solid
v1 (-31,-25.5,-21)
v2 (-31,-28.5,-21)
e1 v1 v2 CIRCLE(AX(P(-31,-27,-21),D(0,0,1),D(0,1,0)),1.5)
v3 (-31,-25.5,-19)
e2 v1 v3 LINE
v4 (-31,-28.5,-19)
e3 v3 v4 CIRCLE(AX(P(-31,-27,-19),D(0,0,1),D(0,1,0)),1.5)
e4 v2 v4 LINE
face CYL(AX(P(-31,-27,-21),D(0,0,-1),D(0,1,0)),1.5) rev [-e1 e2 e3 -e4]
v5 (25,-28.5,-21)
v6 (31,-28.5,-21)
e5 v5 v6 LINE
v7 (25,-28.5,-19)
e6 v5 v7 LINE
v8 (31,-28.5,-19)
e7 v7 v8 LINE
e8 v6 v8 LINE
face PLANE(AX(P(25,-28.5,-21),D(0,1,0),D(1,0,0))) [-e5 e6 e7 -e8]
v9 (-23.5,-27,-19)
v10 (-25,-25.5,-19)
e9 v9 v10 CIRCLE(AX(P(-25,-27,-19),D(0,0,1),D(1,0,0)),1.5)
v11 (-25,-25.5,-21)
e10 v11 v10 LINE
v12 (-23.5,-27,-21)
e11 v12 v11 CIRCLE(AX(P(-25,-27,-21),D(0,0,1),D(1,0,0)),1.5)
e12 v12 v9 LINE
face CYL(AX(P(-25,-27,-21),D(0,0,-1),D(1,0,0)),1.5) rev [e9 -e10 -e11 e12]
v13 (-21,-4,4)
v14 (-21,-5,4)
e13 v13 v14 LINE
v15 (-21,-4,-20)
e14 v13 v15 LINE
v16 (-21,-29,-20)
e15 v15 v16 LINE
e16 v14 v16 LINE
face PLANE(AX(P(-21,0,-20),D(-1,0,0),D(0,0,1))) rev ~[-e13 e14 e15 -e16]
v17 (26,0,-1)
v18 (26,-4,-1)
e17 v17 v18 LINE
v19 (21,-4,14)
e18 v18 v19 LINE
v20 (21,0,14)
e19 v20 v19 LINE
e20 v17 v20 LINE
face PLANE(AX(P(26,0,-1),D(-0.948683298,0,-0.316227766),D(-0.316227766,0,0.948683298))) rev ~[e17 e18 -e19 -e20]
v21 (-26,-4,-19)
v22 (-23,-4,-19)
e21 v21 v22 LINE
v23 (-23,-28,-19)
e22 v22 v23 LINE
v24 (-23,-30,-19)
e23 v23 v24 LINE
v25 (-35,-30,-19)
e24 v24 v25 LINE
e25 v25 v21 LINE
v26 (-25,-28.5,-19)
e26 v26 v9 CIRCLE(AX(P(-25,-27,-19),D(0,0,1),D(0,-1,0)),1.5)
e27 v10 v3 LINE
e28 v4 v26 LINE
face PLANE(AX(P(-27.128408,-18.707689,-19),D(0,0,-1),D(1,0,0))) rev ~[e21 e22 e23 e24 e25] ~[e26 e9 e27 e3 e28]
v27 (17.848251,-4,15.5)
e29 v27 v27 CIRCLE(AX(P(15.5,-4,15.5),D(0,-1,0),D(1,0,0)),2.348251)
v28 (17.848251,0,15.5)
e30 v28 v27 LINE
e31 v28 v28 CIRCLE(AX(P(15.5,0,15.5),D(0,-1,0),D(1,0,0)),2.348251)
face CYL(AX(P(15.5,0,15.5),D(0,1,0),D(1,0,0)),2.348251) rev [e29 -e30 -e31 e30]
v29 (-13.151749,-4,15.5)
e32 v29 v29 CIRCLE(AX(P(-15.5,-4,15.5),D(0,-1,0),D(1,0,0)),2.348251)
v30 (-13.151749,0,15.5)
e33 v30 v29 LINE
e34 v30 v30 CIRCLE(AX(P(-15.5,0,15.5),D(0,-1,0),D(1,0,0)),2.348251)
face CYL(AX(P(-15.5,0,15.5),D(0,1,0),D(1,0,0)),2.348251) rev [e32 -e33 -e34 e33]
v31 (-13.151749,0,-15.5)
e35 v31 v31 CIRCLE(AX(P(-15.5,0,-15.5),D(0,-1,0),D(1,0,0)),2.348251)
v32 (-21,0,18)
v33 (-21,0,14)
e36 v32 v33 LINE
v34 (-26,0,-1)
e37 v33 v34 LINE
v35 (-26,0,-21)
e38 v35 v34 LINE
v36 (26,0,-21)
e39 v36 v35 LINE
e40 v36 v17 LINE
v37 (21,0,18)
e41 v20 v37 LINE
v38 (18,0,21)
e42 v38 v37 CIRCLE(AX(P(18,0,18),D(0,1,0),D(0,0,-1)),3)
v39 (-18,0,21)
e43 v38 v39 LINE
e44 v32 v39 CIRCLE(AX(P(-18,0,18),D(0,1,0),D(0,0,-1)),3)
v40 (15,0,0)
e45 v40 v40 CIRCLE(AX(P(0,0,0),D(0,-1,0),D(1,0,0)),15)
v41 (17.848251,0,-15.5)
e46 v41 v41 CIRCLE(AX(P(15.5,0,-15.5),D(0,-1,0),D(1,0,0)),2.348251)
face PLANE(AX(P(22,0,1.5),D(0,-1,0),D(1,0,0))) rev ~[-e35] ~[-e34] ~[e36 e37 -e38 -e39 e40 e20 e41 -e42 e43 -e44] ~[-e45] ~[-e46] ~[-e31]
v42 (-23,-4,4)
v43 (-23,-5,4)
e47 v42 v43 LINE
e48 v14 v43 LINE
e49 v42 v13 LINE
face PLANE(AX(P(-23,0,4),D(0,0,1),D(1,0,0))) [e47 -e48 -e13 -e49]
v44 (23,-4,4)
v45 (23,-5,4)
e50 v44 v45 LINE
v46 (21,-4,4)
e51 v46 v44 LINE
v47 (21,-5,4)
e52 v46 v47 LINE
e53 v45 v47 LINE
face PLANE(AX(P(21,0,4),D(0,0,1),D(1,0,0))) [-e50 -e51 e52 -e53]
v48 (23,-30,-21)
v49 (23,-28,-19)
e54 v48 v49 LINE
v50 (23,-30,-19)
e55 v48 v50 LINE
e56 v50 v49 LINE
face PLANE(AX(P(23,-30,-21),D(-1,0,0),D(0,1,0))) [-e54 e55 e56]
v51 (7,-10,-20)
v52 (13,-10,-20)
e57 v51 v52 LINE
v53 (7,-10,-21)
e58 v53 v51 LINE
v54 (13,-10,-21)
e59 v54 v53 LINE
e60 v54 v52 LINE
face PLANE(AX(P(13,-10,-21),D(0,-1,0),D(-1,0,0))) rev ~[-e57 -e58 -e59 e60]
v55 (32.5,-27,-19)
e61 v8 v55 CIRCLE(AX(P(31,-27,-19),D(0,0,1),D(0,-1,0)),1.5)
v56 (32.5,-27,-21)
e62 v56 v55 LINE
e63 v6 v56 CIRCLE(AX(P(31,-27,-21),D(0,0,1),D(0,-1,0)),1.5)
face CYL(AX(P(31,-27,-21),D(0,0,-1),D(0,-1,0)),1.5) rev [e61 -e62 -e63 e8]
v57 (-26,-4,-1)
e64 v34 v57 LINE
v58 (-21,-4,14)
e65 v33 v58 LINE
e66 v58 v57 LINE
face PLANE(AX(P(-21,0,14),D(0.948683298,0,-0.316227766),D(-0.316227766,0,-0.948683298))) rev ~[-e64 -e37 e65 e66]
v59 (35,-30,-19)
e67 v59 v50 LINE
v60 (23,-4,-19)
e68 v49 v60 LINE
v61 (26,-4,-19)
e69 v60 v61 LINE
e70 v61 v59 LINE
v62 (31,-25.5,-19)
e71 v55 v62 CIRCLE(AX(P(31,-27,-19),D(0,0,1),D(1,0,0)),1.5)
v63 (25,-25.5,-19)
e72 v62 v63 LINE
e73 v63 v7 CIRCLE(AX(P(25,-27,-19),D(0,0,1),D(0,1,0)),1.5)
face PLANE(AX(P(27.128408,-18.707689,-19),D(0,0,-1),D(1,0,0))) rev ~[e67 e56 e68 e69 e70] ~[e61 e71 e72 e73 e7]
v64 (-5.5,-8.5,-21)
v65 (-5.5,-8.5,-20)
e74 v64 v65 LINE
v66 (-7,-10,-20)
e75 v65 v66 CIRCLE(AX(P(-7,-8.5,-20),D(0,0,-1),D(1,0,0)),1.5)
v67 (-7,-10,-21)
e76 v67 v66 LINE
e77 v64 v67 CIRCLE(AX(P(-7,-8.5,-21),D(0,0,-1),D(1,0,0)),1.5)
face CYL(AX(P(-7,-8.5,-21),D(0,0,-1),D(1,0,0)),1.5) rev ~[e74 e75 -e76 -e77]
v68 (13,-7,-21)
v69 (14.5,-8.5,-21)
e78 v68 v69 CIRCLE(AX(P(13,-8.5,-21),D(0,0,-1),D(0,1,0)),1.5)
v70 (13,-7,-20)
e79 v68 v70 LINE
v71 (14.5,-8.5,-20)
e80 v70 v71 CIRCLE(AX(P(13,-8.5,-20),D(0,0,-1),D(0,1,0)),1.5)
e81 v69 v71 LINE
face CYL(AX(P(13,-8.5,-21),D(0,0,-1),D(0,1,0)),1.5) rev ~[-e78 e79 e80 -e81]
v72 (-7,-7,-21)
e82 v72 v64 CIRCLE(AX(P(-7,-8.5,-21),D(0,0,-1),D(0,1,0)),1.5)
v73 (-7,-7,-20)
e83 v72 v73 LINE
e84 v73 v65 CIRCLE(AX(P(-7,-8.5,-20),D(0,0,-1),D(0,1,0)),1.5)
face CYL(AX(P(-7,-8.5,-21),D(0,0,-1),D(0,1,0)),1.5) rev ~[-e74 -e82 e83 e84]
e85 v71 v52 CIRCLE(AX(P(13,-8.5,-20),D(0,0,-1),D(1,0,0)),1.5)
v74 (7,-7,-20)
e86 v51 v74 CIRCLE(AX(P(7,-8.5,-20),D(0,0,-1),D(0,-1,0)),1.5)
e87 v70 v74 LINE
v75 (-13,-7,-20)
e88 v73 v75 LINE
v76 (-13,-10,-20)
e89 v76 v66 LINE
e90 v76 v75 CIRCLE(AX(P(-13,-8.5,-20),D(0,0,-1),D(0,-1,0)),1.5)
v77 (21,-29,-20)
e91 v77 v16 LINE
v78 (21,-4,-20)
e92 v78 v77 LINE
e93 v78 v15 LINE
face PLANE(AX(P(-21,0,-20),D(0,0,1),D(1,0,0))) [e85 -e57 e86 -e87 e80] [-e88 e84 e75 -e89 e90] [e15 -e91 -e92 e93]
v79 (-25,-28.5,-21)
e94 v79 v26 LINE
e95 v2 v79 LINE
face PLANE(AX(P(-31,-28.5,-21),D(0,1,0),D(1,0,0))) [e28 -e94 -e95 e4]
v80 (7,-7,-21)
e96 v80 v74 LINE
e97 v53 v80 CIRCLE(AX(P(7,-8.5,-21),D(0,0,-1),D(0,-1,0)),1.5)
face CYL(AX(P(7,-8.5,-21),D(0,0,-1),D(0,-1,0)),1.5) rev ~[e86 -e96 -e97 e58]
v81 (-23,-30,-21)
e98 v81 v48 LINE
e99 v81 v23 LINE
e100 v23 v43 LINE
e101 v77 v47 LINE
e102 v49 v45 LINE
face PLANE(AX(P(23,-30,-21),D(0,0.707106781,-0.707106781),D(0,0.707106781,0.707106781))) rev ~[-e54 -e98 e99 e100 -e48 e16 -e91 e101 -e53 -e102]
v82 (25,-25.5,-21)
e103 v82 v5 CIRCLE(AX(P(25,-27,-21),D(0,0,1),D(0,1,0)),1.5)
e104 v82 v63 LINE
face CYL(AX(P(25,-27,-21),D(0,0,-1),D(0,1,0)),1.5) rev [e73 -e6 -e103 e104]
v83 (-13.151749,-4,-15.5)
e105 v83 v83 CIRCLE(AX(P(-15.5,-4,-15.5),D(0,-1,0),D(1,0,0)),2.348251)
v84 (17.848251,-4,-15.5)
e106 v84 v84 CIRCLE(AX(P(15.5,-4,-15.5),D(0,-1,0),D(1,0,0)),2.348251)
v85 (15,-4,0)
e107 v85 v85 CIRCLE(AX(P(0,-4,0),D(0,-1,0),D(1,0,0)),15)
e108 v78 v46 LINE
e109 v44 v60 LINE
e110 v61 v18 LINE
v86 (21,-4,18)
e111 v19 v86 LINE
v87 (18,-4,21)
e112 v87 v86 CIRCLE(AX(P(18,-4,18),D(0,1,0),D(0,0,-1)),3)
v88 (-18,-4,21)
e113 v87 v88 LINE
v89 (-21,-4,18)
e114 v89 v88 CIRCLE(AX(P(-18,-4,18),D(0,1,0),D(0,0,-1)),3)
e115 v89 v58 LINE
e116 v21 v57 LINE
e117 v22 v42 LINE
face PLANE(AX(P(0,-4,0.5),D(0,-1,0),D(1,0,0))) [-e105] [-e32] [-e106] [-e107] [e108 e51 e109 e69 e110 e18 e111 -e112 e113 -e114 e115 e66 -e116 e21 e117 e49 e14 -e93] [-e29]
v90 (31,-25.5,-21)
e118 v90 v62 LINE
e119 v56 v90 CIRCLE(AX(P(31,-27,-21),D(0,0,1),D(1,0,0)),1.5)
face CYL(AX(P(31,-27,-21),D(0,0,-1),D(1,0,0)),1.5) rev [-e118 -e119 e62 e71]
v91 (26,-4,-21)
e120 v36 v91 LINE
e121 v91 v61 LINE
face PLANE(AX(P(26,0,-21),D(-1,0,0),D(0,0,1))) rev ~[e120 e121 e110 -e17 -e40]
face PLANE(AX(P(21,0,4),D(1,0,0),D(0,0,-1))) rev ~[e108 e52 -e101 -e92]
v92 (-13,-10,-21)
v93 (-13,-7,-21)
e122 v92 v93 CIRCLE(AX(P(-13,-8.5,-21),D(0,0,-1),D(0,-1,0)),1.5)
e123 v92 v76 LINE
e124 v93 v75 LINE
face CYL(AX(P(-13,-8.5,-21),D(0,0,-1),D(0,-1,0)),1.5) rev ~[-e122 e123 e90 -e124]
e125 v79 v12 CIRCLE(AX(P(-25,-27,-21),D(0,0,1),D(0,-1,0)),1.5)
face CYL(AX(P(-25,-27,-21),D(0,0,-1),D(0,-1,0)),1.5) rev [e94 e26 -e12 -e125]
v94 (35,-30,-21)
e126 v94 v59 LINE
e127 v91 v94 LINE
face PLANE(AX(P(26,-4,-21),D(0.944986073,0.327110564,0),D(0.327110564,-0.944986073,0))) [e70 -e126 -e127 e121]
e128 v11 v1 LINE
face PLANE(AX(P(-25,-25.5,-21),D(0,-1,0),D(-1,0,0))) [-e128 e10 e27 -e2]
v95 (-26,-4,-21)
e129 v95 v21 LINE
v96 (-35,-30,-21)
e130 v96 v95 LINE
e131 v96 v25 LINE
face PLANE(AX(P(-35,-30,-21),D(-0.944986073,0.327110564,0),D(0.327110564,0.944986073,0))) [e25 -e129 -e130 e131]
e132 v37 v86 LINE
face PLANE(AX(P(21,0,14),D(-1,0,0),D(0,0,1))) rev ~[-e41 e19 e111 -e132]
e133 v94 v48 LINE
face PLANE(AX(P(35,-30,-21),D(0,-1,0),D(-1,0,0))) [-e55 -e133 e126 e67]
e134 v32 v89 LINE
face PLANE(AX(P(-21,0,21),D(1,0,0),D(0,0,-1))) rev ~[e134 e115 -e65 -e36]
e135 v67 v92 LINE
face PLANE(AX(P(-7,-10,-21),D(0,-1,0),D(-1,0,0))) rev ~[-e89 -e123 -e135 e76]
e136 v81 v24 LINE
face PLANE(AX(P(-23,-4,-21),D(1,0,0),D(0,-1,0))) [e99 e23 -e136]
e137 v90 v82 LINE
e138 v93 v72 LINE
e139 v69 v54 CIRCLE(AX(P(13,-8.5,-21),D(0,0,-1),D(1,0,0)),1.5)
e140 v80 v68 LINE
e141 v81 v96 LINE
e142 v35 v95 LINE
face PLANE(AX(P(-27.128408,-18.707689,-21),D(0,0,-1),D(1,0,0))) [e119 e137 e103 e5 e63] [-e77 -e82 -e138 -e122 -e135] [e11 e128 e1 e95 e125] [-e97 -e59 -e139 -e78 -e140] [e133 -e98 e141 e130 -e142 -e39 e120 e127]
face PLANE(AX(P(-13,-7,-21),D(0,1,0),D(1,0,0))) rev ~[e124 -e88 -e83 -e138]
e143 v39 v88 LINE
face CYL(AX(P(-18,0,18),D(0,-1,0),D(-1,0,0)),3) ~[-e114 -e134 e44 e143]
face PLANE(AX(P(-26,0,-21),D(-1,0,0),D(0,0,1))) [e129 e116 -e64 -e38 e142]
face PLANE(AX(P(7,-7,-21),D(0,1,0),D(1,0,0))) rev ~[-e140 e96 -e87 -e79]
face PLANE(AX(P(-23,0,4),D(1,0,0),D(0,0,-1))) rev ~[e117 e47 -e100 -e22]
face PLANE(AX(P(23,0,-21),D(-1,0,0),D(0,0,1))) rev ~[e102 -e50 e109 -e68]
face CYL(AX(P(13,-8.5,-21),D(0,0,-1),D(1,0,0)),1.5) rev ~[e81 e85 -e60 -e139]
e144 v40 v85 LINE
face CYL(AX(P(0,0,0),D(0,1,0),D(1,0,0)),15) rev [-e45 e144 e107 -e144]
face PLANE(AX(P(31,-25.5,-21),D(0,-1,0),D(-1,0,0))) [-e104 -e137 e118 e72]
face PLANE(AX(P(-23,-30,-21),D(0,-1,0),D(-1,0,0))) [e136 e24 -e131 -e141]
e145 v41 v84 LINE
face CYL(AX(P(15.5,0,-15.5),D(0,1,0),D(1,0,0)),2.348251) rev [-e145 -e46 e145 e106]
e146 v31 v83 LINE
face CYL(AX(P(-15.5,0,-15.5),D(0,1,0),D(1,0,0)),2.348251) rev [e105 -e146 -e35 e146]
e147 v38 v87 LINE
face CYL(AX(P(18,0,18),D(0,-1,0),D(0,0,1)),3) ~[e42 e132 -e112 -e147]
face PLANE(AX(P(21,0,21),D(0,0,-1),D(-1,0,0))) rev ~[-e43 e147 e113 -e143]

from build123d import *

# Parameters (mm, degrees)
F0_R     = 2.348250802
F0_R_2   = 15
F0_W     = 3
F0_H     = 20
F0_W_2   = 42
F0_H_2   = 1
F1_DEPTH = 4
F0_W_3   = 2
F0_H_3   = 5
F2_DEPTH = 30
F4_DEPTH = 49.001
F6_DEPTH = 2
F7_DEPTH = 25
F8_R     = 3


with BuildPart() as f1:
    # F0 (on Front) → F1 (new body)
    with BuildSketch(Plane.XZ):
        Polygon((21, 14), (21, 21), (-21, 21), (-21, 14), (-21, 4), (-21, -1), (-21, -20), (21, -20), (21, -1), (21, 4), align=None)
        with Locations((-15.5, -15.5)):
            Circle(F0_R, mode=Mode.SUBTRACT)
        with Locations((15.5, -15.5)):
            Circle(F0_R, mode=Mode.SUBTRACT)
        with Locations((-15.5, 15.5)):
            Circle(F0_R, mode=Mode.SUBTRACT)
        Circle(F0_R_2, mode=Mode.SUBTRACT)
        with Locations((15.5, 15.5)):
            Circle(F0_R, mode=Mode.SUBTRACT)
        Polygon((26, -1), (21, 14), (21, 4), (23, 4), (23, -1), align=None)
        Polygon((-21, 4), (-21, 14), (-26, -1), (-23, -1), (-23, 4), align=None)
        with Locations((24.5, -11)):
            Rectangle(F0_W, F0_H)
        with Locations((-24.5, -11)):
            Rectangle(F0_W, F0_H)
        with Locations((0, -20.5)):
            Rectangle(F0_W_2, F0_H_2)
    extrude(amount=F1_DEPTH)

    # F0 (on Front) → F2 (join)
    with BuildSketch(Plane.XZ):
        with Locations((22, 1.5)):
            Rectangle(F0_W_3, F0_H_3)
        Polygon((23, -1), (21, -1), (21, -20), (21, -21), (23, -21), align=None)
        with Locations((-22, 1.5)):
            Rectangle(F0_W_3, F0_H_3)
        Polygon((-21, -20), (-21, -1), (-23, -1), (-23, -21), (-21, -21), align=None)
        with Locations((0, -20.5)):
            Rectangle(F0_W_2, F0_H_2)
    extrude(amount=F2_DEPTH)

    # F3 (on face) → F4 (cut, through all)
    with BuildSketch(Plane.YZ.offset(23)):
        Polygon((-30, -21), (-5, 4), (-30, 4), align=None)
    extrude(amount=-F4_DEPTH, mode=Mode.SUBTRACT)

    # F5 (on face) → F6 (join)
    with BuildSketch(Plane(origin=(0, 0, -21), x_dir=(1, 0, 0), z_dir=(0, 0, -1))):
        Polygon((-23, 4), (-23, 30), (-35, 30), (-26, 4), align=None)
        with BuildLine():
            ThreePointArc((-25, 28.5), (-23.9393398282, 28.0606601718), (-23.5, 27))
            ThreePointArc((-23.5, 27), (-23.9393398282, 25.9393398282), (-25, 25.5))
            Line((-25, 25.5), (-31, 25.5))
            ThreePointArc((-31, 25.5), (-32.5, 27), (-31, 28.5))
            Line((-31, 28.5), (-25, 28.5))
        make_face(mode=Mode.SUBTRACT)
        Polygon((23, 4), (26, 4), (35, 30), (23, 30), align=None)
        with BuildLine():
            ThreePointArc((25, 25.5), (23.5, 27), (25, 28.5))
            Line((25, 28.5), (31, 28.5))
            ThreePointArc((31, 28.5), (32.0606601718, 28.0606601718), (32.5, 27))
            ThreePointArc((32.5, 27), (32.0606601718, 25.9393398282), (31, 25.5))
            Line((31, 25.5), (25, 25.5))
        make_face(mode=Mode.SUBTRACT)
    extrude(amount=-F6_DEPTH)

    # F5 (on face) → F7 (cut)
    with BuildSketch(Plane(origin=(0, 0, -21), x_dir=(1, 0, 0), z_dir=(0, 0, -1))):
        with BuildLine():
            ThreePointArc((-7, 7), (-8.5, 8.5), (-7, 10))
            Line((-7, 10), (-13, 10))
            ThreePointArc((-13, 10), (-11.9393398282, 9.5606601718), (-11.5, 8.5))
            ThreePointArc((-11.5, 8.5), (-11.9393398282, 7.4393398282), (-13, 7))
            Line((-13, 7), (-7, 7))
        make_face()
        with BuildLine():
            ThreePointArc((-11.5, 8.5), (-11.9393398282, 9.5606601718), (-13, 10))
            ThreePointArc((-13, 10), (-14.5, 8.5), (-13, 7))
            ThreePointArc((-13, 7), (-11.9393398282, 7.4393398282), (-11.5, 8.5))
        make_face()
        with BuildLine():
            ThreePointArc((-7, 7), (-5.9393398282, 7.4393398282), (-5.5, 8.5))
            ThreePointArc((-5.5, 8.5), (-5.9393398282, 9.5606601718), (-7, 10))
            ThreePointArc((-7, 10), (-8.5, 8.5), (-7, 7))
        make_face()
        with BuildLine():
            Line((13, 10), (7, 10))
            ThreePointArc((7, 10), (8.0606601718, 9.5606601718), (8.5, 8.5))
            ThreePointArc((8.5, 8.5), (8.0606601718, 7.4393398282), (7, 7))
            Line((7, 7), (13, 7))
            ThreePointArc((13, 7), (11.5, 8.5), (13, 10))
        make_face()
        with BuildLine():
            ThreePointArc((14.5, 8.5), (14.0606601718, 9.5606601718), (13, 10))
            ThreePointArc((13, 10), (11.5, 8.5), (13, 7))
            ThreePointArc((13, 7), (14.0606601718, 7.4393398282), (14.5, 8.5))
        make_face()
        with BuildLine():
            ThreePointArc((8.5, 8.5), (8.0606601718, 9.5606601718), (7, 10))
            ThreePointArc((7, 10), (5.5, 8.5), (7, 7))
            ThreePointArc((7, 7), (8.0606601718, 7.4393398282), (8.5, 8.5))
        make_face()
    extrude(amount=-F7_DEPTH, mode=Mode.SUBTRACT)

    # F8
    f8_edges = [f1.edges().sort_by_distance(p)[0] for p in [
        (21, -2, 21),
        (-21, -2, 21),
    ]]
    fillet(f8_edges, radius=F8_R)


solid = f1.part
